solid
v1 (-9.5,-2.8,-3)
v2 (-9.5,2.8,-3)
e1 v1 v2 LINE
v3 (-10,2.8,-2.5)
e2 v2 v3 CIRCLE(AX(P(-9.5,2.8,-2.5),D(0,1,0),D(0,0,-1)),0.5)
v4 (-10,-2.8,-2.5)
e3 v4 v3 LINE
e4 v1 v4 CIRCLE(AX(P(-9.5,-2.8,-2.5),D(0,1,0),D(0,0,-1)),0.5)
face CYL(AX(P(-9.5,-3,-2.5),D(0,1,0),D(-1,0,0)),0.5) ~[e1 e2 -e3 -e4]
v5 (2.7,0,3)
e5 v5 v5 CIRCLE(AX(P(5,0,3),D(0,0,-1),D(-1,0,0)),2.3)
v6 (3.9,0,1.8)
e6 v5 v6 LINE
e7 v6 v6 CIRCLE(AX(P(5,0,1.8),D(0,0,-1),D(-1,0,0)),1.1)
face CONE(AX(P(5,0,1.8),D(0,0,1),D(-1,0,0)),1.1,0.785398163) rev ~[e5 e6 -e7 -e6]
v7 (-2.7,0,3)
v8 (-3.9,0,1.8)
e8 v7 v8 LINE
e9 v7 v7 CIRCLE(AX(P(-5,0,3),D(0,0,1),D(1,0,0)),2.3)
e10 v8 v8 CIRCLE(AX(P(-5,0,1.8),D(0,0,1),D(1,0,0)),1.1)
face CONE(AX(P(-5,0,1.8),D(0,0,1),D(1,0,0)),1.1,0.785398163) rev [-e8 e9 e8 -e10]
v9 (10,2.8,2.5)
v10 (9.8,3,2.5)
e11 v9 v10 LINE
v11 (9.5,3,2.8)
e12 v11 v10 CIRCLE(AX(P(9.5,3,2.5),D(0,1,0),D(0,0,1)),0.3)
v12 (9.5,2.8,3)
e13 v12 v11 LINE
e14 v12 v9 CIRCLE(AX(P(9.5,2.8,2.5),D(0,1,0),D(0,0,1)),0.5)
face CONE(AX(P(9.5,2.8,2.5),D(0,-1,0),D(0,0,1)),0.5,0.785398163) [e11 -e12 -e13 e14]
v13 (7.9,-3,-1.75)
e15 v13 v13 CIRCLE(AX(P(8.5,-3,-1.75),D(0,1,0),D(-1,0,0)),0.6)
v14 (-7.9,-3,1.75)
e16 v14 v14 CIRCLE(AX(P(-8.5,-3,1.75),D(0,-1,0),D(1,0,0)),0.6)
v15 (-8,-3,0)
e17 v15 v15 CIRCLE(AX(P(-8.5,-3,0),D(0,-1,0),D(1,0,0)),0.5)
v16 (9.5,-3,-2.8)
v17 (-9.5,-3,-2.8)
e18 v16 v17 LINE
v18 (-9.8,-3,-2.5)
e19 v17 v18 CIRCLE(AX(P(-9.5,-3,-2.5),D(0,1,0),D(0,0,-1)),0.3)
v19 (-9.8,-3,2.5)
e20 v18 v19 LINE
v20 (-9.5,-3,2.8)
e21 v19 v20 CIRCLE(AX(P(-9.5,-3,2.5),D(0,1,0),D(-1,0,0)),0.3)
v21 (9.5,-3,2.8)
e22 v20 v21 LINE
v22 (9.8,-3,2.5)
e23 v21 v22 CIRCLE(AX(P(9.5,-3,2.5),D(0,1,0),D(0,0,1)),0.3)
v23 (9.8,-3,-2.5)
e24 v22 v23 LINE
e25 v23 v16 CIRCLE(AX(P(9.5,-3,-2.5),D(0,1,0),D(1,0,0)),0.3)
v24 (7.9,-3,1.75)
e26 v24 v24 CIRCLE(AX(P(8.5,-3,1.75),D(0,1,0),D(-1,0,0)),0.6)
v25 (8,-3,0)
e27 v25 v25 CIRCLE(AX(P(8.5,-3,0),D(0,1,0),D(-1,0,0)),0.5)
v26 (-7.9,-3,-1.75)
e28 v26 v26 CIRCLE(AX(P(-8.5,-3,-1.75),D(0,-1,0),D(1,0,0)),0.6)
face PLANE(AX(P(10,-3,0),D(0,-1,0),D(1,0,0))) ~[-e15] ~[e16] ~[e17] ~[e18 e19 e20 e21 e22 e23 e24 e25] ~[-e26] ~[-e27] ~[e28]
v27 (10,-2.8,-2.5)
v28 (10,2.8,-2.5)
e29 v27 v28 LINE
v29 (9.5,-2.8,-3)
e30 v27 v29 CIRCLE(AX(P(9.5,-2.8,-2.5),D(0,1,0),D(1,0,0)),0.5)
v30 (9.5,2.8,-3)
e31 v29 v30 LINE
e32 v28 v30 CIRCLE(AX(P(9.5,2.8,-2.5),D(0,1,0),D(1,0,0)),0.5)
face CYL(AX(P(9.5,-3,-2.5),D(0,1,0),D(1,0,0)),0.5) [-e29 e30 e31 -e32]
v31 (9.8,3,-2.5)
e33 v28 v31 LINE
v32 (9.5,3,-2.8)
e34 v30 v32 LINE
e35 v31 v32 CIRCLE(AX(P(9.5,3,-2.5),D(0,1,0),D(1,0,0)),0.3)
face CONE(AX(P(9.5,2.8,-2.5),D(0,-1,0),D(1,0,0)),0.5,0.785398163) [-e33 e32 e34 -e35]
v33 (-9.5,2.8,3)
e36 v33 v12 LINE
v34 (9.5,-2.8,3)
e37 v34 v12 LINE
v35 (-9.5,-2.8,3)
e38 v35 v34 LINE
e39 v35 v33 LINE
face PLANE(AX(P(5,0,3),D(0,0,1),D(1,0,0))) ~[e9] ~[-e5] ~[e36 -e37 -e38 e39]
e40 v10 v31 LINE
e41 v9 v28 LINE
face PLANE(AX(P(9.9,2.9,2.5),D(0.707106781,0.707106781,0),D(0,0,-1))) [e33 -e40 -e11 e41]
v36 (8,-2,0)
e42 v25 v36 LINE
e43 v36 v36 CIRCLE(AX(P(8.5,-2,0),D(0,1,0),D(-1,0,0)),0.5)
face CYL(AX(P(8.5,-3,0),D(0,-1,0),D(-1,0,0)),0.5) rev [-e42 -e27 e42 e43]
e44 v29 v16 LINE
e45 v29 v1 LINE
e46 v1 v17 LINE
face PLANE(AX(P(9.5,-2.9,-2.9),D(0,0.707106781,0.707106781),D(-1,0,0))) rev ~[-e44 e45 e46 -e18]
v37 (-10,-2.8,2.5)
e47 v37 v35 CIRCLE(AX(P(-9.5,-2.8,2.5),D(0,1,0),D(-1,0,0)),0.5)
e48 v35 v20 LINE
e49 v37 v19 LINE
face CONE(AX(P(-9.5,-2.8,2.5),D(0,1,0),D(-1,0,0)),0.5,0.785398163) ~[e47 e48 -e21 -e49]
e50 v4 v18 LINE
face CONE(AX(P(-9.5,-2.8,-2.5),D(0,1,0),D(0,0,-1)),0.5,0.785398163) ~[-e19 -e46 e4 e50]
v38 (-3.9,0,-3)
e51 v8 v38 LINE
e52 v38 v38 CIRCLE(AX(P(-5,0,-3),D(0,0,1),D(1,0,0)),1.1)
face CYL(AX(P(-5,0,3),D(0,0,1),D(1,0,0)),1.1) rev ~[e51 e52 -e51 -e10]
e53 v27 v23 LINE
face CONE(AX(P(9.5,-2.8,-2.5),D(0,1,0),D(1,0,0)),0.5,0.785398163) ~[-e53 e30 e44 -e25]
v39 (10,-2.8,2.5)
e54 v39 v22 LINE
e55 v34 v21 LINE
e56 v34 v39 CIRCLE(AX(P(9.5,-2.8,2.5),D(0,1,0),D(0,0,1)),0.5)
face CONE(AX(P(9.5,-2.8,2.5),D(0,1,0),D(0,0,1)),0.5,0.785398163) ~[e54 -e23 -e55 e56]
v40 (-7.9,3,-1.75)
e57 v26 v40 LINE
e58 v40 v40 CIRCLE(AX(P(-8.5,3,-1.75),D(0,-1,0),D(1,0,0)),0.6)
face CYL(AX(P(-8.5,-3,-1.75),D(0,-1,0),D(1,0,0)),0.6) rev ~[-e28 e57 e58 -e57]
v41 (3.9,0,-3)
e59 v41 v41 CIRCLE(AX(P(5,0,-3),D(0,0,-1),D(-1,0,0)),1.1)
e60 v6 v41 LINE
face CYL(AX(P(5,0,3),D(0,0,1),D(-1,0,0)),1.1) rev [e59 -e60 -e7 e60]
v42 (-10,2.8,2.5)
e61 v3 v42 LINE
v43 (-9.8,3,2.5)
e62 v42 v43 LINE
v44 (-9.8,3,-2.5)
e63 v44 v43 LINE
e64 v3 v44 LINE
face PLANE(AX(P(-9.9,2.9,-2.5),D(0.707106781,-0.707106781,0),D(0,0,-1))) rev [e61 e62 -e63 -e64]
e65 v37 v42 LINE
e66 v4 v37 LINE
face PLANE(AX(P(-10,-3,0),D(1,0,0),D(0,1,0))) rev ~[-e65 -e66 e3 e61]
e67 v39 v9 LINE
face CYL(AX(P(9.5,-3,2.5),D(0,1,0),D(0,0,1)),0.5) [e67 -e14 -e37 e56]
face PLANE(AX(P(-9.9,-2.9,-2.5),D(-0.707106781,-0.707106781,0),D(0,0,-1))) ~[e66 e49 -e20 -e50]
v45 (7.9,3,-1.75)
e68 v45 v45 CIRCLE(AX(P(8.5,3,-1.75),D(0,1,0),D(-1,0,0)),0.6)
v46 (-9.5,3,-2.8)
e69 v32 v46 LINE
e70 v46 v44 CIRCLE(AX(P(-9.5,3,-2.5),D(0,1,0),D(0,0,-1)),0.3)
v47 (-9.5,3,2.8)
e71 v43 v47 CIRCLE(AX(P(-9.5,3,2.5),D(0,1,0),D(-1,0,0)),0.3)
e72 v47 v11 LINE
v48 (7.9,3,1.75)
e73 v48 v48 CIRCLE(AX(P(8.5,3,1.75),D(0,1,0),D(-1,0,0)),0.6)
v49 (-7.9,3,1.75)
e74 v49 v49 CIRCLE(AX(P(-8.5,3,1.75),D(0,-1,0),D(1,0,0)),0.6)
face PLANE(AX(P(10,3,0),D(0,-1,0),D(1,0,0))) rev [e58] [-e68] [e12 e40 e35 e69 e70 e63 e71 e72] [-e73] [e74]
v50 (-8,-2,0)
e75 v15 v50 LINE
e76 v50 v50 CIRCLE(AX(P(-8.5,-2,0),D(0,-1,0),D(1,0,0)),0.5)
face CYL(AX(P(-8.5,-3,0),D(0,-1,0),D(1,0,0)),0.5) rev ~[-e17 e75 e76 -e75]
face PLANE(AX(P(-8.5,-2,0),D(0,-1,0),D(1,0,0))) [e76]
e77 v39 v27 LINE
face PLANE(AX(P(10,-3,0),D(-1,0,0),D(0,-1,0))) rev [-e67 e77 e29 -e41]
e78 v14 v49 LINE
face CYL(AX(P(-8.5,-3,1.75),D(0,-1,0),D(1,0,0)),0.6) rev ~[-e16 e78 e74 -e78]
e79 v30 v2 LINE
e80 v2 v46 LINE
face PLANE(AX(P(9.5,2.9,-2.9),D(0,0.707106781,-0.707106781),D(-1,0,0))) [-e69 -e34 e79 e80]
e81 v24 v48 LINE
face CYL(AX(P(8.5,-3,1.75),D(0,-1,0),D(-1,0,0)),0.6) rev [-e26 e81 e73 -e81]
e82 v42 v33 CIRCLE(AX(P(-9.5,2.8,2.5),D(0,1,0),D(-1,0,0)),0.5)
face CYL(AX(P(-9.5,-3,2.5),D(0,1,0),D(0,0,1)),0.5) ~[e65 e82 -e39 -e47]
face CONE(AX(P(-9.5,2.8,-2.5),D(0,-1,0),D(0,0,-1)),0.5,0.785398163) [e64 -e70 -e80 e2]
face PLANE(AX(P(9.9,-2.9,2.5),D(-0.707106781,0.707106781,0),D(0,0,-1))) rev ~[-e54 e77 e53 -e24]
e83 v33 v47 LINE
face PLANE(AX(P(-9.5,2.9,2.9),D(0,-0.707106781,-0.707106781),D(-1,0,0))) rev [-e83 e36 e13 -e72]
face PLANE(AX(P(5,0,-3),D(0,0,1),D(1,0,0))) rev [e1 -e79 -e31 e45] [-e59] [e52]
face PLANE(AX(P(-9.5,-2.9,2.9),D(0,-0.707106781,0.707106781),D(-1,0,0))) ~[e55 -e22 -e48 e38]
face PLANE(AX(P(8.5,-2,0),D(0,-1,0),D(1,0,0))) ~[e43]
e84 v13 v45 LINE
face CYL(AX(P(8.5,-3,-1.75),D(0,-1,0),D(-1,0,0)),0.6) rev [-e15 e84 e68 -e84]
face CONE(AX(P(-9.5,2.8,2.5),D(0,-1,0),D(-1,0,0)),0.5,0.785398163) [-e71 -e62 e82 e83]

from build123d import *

# Parameters (mm, degrees)
SKETCH_W        = 10
SKETCH_H        = 6
PAD_DEPTH       = 3
SKETCH001_R     = 1.1
POCKET_DEPTH    = 6.001
SKETCH002_R     = 0.5
POCKET001_DEPTH = 1
CHAMFER_SIZE    = 1.2
SKETCH004_R     = 0.6
POCKET002_DEPTH = 6.001
FILLET_R        = 0.5
CHAMFER001_SIZE = 0.2


with BuildPart() as part:
    # Sketch → Pad (new body, symmetric)
    with BuildSketch(Plane.XY):
        with Locations((-5, 0)):
            Rectangle(SKETCH_W, SKETCH_H)
    extrude(amount=PAD_DEPTH, both=True)

    # Sketch001 (on Face6 of Pad) → Pocket (cut, through all)
    with BuildSketch(Plane.XY.offset(3)):
        with Locations((-5, 0)):
            Circle(SKETCH001_R)
    extrude(amount=-POCKET_DEPTH, mode=Mode.SUBTRACT)

    # Sketch002 (on Face1 of Pocket) → Pocket001 (cut)
    with BuildSketch(Plane.XZ.offset(3)):
        with Locations((-8.5, 0)):
            Circle(SKETCH002_R)
    extrude(amount=-POCKET001_DEPTH, mode=Mode.SUBTRACT)

    # Chamfer
    chamfer_edges = [part.edges().sort_by_distance(p)[0] for p in [
        (-6.1, 0, 3),
    ]]
    chamfer(chamfer_edges, length=CHAMFER_SIZE)

    # Sketch004 (on Face3 of Chamfer) → Pocket002 (cut, through all)
    with BuildSketch(Plane.XZ.offset(3)):
        with Locations((-8.5, 1.75)):
            Circle(SKETCH004_R)
        with Locations((-8.5, -1.75)):
            Circle(SKETCH004_R)
    extrude(amount=-POCKET002_DEPTH, mode=Mode.SUBTRACT)

    # Fillet
    fillet_edges = [part.edges().sort_by_distance(p)[0] for p in [
        (-10, 0, 3),
        (-10, 0, -3),
    ]]
    fillet(fillet_edges, radius=FILLET_R)

    # Mirrored: part across YZ


with BuildPart() as part_1:
    add(part.part)
    add(part.part.mirror(Plane.YZ))

    # Chamfer001
    chamfer001_edges = [part_1.edges().sort_by_distance(p)[0] for p in [
        (10, 3, 0),
        (0, -3, 3),
    ]]
    chamfer(chamfer001_edges, length=CHAMFER001_SIZE)


solid = part_1.part
